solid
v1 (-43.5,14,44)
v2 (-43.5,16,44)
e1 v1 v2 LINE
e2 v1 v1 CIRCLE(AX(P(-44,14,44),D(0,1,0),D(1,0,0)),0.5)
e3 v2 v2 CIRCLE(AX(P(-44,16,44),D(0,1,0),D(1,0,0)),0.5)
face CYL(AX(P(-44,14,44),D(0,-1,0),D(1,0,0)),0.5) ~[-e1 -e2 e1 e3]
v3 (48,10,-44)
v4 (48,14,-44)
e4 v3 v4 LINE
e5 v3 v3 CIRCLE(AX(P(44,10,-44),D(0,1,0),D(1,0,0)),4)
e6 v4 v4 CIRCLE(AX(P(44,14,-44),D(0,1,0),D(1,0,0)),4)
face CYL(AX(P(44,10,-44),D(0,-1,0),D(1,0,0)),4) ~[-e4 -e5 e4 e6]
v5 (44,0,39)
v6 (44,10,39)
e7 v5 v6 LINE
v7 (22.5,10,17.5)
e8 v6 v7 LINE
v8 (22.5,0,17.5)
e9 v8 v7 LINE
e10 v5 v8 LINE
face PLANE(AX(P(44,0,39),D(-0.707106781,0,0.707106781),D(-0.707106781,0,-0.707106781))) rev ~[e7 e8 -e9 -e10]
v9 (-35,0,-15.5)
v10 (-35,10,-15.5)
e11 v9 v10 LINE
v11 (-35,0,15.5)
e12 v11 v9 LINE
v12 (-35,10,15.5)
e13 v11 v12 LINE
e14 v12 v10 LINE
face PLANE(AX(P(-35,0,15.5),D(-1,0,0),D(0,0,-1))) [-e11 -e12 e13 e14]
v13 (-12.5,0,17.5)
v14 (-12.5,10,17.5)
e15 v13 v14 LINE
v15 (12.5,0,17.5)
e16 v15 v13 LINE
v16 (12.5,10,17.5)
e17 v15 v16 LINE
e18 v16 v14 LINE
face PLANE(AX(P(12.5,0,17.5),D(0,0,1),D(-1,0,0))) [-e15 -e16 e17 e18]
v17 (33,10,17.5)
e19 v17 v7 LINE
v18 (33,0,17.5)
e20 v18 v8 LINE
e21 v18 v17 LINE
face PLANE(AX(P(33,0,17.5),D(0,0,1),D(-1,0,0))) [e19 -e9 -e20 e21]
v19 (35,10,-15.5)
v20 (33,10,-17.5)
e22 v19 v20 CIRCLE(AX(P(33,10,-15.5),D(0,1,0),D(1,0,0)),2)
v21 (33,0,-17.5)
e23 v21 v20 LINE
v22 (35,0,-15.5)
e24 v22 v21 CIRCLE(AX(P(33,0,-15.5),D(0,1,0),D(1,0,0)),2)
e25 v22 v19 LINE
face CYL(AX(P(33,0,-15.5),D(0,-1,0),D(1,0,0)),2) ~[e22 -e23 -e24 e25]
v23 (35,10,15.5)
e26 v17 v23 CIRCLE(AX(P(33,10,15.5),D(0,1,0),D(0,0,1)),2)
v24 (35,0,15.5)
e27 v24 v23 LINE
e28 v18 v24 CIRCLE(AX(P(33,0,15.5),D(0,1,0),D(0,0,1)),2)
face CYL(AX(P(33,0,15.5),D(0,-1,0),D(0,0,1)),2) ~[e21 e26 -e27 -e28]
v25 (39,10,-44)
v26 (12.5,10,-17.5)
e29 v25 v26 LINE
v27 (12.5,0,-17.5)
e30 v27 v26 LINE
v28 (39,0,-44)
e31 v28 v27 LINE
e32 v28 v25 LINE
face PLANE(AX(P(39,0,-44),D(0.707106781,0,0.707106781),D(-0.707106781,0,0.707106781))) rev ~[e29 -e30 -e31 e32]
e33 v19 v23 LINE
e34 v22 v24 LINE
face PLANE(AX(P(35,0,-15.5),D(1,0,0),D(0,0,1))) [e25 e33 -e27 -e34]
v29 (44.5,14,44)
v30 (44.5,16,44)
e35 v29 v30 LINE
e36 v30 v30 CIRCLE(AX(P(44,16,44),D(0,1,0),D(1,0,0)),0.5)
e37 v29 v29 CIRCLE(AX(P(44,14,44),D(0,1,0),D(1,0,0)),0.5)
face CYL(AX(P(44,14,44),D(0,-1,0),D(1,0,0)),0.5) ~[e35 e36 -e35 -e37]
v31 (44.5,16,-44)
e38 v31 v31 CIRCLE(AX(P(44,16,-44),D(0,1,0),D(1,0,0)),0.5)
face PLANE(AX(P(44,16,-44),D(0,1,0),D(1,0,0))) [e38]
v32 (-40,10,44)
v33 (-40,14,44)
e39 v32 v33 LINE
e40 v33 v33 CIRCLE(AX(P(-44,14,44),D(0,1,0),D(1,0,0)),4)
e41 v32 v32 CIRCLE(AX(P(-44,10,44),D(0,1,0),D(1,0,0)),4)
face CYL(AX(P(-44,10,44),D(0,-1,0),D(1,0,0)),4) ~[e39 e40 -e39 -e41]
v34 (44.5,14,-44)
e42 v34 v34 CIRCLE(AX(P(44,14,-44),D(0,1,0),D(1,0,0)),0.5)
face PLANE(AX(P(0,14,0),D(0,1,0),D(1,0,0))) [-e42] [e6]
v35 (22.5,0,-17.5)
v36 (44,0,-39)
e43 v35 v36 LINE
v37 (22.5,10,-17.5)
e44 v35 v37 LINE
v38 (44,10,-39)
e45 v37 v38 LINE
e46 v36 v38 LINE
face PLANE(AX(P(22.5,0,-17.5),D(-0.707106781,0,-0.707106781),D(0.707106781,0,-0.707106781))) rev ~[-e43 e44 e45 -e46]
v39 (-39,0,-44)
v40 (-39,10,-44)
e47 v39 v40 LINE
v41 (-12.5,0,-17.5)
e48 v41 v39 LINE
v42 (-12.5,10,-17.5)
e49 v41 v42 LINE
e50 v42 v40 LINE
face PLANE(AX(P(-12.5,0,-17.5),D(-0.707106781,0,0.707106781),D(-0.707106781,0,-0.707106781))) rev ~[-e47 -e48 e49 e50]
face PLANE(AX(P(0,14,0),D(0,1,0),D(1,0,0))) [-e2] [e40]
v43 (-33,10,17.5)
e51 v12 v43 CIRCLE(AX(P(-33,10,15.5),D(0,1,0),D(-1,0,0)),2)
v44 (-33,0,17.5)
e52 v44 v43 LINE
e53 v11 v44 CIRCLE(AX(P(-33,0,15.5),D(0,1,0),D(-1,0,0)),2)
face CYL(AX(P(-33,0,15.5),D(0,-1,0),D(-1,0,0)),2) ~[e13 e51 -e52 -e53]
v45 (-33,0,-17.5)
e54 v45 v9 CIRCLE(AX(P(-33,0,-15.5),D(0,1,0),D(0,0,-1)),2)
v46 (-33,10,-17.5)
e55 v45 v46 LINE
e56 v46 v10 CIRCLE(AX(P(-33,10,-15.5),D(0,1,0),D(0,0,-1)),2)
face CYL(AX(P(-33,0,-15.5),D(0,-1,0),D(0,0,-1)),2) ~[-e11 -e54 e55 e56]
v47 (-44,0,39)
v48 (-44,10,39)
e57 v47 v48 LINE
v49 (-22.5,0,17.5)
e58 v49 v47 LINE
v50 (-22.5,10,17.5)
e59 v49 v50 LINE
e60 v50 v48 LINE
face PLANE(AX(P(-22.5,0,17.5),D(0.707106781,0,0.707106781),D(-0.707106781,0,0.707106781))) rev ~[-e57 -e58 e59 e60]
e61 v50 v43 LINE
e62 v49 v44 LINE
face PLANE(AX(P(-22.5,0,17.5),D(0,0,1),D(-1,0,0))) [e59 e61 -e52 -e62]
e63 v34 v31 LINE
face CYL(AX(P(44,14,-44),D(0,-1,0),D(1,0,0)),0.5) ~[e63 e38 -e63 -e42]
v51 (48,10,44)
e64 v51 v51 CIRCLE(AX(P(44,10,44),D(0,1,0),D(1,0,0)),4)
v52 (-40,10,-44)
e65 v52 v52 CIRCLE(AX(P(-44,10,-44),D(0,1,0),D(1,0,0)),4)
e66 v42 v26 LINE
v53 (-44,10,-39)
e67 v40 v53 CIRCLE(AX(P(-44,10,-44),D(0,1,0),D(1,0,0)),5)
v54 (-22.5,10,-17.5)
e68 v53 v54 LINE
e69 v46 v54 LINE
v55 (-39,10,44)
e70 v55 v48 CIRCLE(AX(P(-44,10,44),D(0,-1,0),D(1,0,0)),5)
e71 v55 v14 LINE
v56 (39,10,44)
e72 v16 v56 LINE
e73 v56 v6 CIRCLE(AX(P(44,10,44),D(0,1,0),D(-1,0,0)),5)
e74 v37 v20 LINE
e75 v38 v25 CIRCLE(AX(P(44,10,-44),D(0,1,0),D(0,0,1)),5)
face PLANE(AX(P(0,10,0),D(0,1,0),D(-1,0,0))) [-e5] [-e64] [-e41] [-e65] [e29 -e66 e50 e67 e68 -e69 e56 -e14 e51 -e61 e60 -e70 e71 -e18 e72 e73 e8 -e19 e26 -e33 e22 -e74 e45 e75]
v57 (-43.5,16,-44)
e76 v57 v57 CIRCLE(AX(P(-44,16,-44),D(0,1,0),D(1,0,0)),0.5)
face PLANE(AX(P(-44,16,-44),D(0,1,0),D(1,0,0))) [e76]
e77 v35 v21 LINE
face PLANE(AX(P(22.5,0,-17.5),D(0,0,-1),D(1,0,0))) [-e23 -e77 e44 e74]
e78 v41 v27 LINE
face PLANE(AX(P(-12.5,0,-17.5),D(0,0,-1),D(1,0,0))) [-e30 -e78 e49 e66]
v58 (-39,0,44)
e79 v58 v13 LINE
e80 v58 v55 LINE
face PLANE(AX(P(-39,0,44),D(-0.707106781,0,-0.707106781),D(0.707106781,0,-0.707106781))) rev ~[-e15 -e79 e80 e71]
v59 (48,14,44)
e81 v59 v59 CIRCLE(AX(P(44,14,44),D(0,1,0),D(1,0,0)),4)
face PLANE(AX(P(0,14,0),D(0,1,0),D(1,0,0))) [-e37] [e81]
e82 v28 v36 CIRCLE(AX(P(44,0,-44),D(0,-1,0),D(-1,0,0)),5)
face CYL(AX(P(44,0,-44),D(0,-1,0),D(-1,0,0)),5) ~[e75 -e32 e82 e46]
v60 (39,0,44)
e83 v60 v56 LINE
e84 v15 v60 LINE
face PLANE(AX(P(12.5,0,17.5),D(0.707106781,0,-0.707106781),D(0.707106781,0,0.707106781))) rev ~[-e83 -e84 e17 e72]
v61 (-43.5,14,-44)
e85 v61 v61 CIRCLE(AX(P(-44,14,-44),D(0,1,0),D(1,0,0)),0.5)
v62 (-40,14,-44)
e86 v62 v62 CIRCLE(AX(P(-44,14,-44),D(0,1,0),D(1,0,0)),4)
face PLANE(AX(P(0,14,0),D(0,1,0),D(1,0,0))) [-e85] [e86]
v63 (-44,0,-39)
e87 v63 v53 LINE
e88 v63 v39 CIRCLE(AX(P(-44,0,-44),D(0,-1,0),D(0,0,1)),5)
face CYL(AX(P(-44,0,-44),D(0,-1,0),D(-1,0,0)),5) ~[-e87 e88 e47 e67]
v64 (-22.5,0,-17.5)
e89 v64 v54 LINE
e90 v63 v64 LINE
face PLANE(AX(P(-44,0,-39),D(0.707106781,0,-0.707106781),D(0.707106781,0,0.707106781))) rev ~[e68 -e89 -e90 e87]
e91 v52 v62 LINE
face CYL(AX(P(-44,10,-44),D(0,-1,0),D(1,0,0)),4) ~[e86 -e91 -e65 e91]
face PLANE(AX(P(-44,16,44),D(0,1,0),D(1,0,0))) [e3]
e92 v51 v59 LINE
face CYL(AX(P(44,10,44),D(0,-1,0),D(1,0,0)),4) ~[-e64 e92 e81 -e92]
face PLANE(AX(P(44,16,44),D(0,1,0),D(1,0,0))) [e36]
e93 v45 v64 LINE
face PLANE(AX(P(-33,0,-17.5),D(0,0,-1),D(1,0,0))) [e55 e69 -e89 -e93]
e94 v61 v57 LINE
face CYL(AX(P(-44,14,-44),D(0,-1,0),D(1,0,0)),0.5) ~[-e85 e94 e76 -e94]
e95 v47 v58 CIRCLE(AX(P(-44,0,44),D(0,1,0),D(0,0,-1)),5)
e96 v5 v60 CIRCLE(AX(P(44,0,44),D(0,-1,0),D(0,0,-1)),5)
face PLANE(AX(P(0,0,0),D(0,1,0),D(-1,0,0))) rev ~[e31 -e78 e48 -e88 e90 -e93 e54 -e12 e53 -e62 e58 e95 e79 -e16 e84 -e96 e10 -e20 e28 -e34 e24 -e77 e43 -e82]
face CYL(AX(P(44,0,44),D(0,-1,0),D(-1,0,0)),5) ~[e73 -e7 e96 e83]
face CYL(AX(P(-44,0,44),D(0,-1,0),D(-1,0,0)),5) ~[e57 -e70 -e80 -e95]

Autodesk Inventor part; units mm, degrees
ref_plane "YZ Plane" through (0, 0, 0) normal (1, 0, 0) x (0, 1, 0)
ref_plane "XZ Plane" through (0, 0, 0) normal (0, 1, 0) x (-1, 0, 0)
ref_plane "XY Plane" through (0, 0, 0) normal (0, 0, 1) x (1, 0, 0)
sketch "Sketch1" plane through (0, 0, 0) normal (0, 1, 0) x (-1, 0, 0)
  line L0 (49, 49) -> (-49, 49)
  line L1 (-49, 49) -> (-49, -49)
  line L2 (-49, -49) -> (49, -49)
  line L3 (49, -49) -> (49, 49)
  line L4 (49, 49) -> (-49, -49)
  line L5 (49, -49) -> (-49, 49)
  circle A0 centre (44, 44) radius 5
  line L6 (0, 0) -> (0, 5)
  line L7 (0, 0) -> (5, 0)
  line L8 (5, 0) -> (44, 39)
  line L9 (39, 44) -> (0, 5)
  circle A1 centre (-44, 44) radius 5
  line L10 (-44, 39) -> (-5, 0)
  line L11 (0, 5) -> (-39, 44)
  circle A2 centre (-44, -44) radius 5
  line L12 (-39, -44) -> (0, -5)
  line L13 (-5, 0) -> (-44, -39)
  circle A3 centre (44, -44) radius 5
  line L14 (44, -39) -> (5, 0)
  line L15 (0, -5) -> (39, -44)
  line L16 (-33, 17.5) -> (33, 17.5)
  line L17 (35, 15.5) -> (35, -15.5)
  line L18 (33, -17.5) -> (-33, -17.5)
  line L19 (-35, -15.5) -> (-35, 15.5)
  line L20 (-35, 17.5) -> (35, -17.5) construction
  line L21 (35, 17.5) -> (-35, -17.5) construction
  arc A4 (35, 15.5) -> (33, 17.5) centre (33, 15.5) ccw
  arc A5 (33, -17.5) -> (35, -15.5) centre (33, -15.5) ccw
  arc A6 (-35, -15.5) -> (-33, -17.5) centre (-33, -15.5) ccw
  arc A7 (-33, 17.5) -> (-35, 15.5) centre (-33, 15.5) ccw
  point P0 (12.5, 17.5)
  point P1 (-12.5, 17.5)
  point P2 (-22.5, 17.5)
  point P3 (-22.5, -17.5)
  point P4 (-12.5, -17.5)
  point P5 (12.5, -17.5)
  point P6 (22.5, -17.5)
  point P7 (22.5, 17.5)
  dimension "d0" = 98
  dimension "d1" = 98
  dimension "d2" = 10
  dimension "d3" = 49
  dimension "d4" = 49
  dimension "d7" = 360
  dimension "d10" = 70
  dimension "d11" = 35
  dimension "d12" = 2
  dimension "d13" = 2
  dimension "d14" = 2
  dimension "d15" = 2
extrude "Extrusion1" add sketch "Sketch1" along normal blind 10 contours A0 L4 | A0 L4 | A1 L5 | A0 L4 L16 L9 | A3 L5 | L8 L16 L4 A0 | L11 L16 L5 A1 | L5 A1 | L16 L4 L6 L9 | L9 L11 L16 | A3 L5 L18 L14 | A3 L5 | L16 A4 L17 A5 L18 L14 L8 | L8 L7 L4 L16 | L5 L16 L10 A1 | L11 L6 L5 L16 | A3 L15 L18 L5 | L18 L5 L7 L14 | L5 L18 L15 L12 L4 | L4 L18 L13 L10 L16 L5 | A2 L4 | A2 L4 | L18 L12 A2 L4 | L4 A2 L13 L18 | L10 L13 L18 A6 L19 A7 L16 | L18 L12 L15
sketch "Sketch2" plane through (0, 10, 0) normal (0, 1, 0) x (1, 0, 0)
  arc A0 (-44, -39) -> (-39, -44) centre (-44, -44) ccw projected
  circle A1 centre (-44, -44) radius 4
  arc A2 (-39, 44) -> (-44, 39) centre (-44, 44) ccw projected
  circle A3 centre (-44, 44) radius 4
  arc A4 (44, 39) -> (39, 44) centre (44, 44) ccw projected
  circle A5 centre (44, 44) radius 4
  arc A6 (39, -44) -> (44, -39) centre (44, -44) ccw projected
  circle A7 centre (44, -44) radius 4
  point P0 (0, 0)
  dimension "d18" = 8
  dimension "d19" = 8
  dimension "d20" = 8
  dimension "d21" = 8
extrude "Extrusion2" add sketch "Sketch2" along normal blind 4
sketch "Sketch3" plane through (-44, 14, 44) normal (0, 1, 0) x (1, 0, 0)
  circle A0 centre (0, 0) radius 0.5
  point P0 (44, 44)
  dimension "d24" = 1
sketch "Sketch4" plane through (-44, 14, -44) normal (0, 1, 0) x (1, 0, 0)
  circle A0 centre (0, 0) radius 4 projected
  circle A1 centre (0, 0) radius 0.5
  point P0 (44, -44)
  dimension "d25" = 1
sketch "Sketch5" plane through (44, 14, -44) normal (0, 1, 0) x (1, 0, 0)
  circle A0 centre (0, 0) radius 4 projected
  circle A1 centre (0, 0) radius 0.5
  point P0 (-44, -44)
  dimension "d26" = 1
sketch "Sketch6" plane through (44, 14, 44) normal (0, 1, 0) x (1, 0, 0)
  circle A0 centre (0, 0) radius 4 projected
  circle A1 centre (0, 0) radius 0.5
  point P0 (-44, 44)
  dimension "d27" = 1
extrude "Extrusion3" add sketch "Sketch6" along normal blind 2 contours A1
extrude "Extrusion4" add sketch "Sketch3" along normal blind 2
extrude "Extrusion5" add sketch "Sketch4" along normal blind 2 contours A1
extrude "Extrusion6" add sketch "Sketch5" along normal blind 2 contours A1
properties part number "DroneBase"
